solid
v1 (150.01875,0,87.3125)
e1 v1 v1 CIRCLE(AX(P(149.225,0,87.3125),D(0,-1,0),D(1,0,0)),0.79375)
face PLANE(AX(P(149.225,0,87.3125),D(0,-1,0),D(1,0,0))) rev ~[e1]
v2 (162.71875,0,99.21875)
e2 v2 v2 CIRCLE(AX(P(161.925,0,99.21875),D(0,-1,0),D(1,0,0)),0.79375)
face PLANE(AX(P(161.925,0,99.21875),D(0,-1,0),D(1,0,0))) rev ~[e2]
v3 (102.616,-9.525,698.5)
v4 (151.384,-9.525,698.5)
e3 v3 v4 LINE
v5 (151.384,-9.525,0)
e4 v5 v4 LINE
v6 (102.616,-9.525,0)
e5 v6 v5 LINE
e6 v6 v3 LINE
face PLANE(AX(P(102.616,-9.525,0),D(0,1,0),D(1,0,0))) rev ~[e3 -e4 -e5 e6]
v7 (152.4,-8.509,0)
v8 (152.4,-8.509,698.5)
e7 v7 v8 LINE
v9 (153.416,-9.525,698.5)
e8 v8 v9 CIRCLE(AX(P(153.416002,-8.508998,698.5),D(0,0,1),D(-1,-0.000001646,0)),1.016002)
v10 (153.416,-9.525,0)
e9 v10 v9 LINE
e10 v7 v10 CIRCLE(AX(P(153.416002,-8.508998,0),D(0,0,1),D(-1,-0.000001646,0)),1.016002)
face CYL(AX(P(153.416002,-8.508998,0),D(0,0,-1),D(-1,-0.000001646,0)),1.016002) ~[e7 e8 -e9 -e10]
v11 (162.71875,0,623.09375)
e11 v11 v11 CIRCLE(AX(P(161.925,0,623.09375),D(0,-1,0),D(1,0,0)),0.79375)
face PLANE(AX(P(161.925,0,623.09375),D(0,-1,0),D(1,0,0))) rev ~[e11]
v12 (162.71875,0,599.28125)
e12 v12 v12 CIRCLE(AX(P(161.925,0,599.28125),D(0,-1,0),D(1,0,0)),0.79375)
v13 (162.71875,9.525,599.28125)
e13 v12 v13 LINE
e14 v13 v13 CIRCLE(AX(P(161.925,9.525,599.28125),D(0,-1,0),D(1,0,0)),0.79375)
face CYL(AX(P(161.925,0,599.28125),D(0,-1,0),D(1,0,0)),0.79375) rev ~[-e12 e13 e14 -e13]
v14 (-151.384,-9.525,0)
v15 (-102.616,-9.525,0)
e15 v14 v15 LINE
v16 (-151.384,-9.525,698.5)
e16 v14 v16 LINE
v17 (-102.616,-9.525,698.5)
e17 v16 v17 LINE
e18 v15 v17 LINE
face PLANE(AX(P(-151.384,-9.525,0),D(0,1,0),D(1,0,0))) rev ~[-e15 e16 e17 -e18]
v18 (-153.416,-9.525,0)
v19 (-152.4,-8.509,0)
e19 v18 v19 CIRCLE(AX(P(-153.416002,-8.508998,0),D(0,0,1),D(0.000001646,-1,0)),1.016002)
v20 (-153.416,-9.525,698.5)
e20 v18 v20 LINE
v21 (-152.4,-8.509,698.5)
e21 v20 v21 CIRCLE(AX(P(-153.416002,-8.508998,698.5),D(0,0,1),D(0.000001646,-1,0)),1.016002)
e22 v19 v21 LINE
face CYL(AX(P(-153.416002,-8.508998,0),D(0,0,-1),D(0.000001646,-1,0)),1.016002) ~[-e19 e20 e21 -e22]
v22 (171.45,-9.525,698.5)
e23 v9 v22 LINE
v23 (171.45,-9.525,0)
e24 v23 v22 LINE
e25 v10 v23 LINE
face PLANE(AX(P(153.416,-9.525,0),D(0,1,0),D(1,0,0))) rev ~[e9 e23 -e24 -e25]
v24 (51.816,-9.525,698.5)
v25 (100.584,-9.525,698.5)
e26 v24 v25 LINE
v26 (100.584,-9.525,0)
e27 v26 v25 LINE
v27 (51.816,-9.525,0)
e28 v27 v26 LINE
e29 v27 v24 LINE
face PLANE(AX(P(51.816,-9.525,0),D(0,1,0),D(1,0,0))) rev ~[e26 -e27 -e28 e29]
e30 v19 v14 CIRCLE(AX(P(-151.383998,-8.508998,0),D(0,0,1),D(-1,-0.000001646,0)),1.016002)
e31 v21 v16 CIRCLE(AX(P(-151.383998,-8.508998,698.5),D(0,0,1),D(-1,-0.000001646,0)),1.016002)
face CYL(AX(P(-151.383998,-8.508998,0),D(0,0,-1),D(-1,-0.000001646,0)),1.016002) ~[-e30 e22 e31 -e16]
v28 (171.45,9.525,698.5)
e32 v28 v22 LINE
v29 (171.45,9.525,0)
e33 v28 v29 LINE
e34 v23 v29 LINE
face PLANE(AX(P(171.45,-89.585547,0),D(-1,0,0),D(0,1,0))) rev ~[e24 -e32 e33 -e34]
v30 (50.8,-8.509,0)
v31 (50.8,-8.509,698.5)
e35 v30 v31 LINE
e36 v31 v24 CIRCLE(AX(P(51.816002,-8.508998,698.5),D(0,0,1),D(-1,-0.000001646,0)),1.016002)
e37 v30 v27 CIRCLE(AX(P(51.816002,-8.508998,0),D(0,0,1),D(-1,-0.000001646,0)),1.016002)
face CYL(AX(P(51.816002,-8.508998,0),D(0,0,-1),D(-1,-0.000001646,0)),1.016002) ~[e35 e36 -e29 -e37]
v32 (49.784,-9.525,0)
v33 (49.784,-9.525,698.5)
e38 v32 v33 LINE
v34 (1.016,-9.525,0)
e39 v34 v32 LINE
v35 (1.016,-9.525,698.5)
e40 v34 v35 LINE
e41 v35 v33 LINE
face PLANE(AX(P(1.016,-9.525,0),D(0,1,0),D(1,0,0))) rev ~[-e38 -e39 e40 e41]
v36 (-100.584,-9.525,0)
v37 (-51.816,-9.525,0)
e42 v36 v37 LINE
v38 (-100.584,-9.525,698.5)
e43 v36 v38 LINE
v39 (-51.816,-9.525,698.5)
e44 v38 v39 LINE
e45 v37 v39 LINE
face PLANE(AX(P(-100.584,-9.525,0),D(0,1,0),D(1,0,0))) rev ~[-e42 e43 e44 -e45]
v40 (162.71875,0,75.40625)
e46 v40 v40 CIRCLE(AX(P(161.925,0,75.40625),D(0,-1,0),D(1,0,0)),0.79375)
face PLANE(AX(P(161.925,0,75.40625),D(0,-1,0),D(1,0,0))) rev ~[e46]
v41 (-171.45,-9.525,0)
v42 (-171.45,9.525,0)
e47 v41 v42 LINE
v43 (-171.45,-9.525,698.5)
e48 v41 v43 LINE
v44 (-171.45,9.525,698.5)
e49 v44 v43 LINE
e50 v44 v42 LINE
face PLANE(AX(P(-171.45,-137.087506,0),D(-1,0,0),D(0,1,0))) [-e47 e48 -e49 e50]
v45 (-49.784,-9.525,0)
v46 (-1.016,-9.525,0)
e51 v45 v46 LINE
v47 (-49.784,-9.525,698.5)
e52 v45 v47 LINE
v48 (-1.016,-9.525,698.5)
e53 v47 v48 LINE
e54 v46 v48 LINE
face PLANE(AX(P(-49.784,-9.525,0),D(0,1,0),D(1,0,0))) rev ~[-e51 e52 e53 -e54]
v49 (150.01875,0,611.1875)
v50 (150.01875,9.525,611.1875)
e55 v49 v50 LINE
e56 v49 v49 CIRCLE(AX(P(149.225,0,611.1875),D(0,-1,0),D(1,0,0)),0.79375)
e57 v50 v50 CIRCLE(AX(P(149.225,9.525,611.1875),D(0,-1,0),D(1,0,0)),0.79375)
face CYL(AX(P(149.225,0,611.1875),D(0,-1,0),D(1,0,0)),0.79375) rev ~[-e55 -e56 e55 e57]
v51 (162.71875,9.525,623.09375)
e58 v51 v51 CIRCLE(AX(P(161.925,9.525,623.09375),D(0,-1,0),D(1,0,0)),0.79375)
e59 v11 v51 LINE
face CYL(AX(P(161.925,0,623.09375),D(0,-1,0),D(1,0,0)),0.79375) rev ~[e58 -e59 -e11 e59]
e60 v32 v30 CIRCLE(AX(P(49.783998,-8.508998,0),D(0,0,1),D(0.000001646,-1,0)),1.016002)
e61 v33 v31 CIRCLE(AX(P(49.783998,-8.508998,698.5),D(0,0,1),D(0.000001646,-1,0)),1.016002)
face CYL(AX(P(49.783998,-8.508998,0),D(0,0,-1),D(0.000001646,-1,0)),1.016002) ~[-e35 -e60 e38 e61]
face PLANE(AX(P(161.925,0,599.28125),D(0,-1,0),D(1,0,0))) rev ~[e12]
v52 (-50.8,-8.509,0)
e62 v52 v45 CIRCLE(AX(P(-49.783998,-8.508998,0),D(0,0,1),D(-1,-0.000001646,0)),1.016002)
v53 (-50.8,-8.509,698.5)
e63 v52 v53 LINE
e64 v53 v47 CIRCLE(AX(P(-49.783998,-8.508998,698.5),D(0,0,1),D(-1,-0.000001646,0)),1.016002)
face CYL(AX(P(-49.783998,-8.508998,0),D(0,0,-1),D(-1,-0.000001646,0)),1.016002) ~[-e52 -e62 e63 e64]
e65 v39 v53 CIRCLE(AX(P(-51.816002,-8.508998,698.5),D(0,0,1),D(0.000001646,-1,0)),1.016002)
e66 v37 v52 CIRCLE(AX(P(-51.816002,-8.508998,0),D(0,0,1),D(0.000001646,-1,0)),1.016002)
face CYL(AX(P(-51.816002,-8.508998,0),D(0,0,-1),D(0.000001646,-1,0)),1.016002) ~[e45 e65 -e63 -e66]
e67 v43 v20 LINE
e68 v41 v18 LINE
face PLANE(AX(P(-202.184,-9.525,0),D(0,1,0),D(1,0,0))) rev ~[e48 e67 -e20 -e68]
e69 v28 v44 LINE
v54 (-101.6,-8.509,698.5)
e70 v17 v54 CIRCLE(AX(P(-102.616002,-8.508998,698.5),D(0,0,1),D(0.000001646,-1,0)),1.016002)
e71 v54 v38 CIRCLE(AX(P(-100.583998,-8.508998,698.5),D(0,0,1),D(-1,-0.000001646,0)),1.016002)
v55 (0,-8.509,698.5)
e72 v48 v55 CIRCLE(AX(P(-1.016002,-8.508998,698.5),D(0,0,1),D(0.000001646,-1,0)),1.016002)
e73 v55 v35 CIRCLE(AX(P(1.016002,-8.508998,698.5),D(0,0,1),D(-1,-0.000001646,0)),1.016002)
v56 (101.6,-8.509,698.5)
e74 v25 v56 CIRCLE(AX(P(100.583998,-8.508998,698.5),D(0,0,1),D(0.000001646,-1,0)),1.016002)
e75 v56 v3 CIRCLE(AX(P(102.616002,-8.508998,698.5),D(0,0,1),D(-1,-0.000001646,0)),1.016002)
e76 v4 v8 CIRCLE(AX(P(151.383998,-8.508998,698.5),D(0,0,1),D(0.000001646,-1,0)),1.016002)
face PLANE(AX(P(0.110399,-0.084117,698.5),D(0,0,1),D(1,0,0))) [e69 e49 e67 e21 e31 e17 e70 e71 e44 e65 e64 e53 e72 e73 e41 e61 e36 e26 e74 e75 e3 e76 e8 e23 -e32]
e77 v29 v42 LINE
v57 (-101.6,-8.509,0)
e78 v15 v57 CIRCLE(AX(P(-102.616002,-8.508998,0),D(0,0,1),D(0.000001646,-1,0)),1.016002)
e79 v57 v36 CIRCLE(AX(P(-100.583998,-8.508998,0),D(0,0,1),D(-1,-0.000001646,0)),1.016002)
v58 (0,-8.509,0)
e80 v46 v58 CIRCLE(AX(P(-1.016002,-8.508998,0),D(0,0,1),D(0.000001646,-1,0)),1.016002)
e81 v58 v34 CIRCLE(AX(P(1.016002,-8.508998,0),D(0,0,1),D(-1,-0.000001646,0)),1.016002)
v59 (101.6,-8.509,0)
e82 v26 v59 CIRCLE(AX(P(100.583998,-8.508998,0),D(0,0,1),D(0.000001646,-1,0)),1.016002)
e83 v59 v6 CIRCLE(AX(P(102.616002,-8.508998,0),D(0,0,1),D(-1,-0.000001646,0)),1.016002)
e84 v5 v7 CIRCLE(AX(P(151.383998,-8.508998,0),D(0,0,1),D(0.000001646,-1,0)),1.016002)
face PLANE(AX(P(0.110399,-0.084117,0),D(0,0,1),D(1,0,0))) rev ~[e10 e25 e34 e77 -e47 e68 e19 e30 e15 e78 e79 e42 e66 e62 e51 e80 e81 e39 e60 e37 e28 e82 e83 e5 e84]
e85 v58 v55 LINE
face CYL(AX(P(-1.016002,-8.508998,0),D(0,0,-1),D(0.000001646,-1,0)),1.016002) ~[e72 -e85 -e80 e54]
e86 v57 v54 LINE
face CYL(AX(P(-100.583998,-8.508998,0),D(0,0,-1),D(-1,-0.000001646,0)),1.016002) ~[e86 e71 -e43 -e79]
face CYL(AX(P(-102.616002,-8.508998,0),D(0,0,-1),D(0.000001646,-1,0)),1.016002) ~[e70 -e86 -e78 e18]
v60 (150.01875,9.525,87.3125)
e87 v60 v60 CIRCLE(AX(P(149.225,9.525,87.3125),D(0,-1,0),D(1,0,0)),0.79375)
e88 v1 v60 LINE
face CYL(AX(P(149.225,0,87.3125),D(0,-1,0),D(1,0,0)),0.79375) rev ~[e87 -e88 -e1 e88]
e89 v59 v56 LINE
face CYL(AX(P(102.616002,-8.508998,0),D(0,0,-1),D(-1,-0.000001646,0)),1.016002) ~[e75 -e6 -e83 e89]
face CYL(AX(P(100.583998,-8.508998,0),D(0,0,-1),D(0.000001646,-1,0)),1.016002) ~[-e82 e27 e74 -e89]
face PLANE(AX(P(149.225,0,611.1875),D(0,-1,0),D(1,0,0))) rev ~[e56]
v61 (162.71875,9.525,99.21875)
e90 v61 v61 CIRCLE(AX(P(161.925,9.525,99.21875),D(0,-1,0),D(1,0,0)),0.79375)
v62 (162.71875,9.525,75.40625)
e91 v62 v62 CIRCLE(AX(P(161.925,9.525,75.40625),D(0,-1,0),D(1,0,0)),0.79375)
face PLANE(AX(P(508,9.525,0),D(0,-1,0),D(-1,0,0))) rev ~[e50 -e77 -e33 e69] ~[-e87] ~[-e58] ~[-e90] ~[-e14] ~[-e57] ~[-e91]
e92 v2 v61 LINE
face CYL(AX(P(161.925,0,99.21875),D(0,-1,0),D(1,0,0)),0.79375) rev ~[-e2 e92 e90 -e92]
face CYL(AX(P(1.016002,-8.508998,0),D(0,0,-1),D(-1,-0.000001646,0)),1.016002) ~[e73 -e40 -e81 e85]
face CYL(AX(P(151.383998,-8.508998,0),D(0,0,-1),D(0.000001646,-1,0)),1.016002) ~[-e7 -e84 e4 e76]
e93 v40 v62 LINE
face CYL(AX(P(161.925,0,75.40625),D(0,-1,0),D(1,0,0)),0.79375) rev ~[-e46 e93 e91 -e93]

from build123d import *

# Parameters (mm, degrees)
F1_DEPTH = 698.5
F2_W     = 508
F2_H     = 137.227848
F2_H_2   = 195.285798
F3_DEPTH = 1143
F4_R     = 0.79375
F5_DEPTH = 25.4


with BuildPart() as f1:
    # F0 (on Top) → F1 (new body)
    with BuildSketch(Plane.XY):
        with BuildLine():
            Line((458.216, -9.525), (508, -9.525))
            Line((508, -9.525), (508, 9.525))
            Line((508, 9.525), (-508, 9.525))
            Line((-508, 9.525), (-508, -8.509))
            ThreePointArc((-508, -8.509), (-507.70242, -9.22742), (-506.984, -9.525))
            Line((-506.984, -9.525), (-458.216, -9.525))
            ThreePointArc((-458.216, -9.525), (-457.49758, -9.22742), (-457.2, -8.509))
            ThreePointArc((-457.2, -8.509), (-456.90242, -9.22742), (-456.184, -9.525))
            Line((-456.184, -9.525), (-407.416, -9.525))
            ThreePointArc((-407.416, -9.525), (-406.69758, -9.22742), (-406.4, -8.509))
            ThreePointArc((-406.4, -8.509), (-406.10242, -9.22742), (-405.384, -9.525))
            Line((-405.384, -9.525), (-356.616, -9.525))
            ThreePointArc((-356.616, -9.525), (-355.89758, -9.22742), (-355.6, -8.509))
            ThreePointArc((-355.6, -8.509), (-355.30242, -9.22742), (-354.584, -9.525))
            Line((-354.584, -9.525), (-305.816, -9.525))
            ThreePointArc((-305.816, -9.525), (-305.09758, -9.22742), (-304.8, -8.509))
            ThreePointArc((-304.8, -8.509), (-304.50242, -9.22742), (-303.784, -9.525))
            Line((-303.784, -9.525), (-255.016, -9.525))
            ThreePointArc((-255.016, -9.525), (-254.29758, -9.22742), (-254, -8.509))
            ThreePointArc((-254, -8.509), (-253.70242, -9.22742), (-252.984, -9.525))
            Line((-252.984, -9.525), (-204.216, -9.525))
            ThreePointArc((-204.216, -9.525), (-203.49758, -9.22742), (-203.2, -8.509))
            ThreePointArc((-203.2, -8.509), (-202.90242, -9.22742), (-202.184, -9.525))
            Line((-202.184, -9.525), (-153.416, -9.525))
            ThreePointArc((-153.416, -9.525), (-152.69758, -9.22742), (-152.4, -8.509))
            ThreePointArc((-152.4, -8.509), (-152.10242, -9.22742), (-151.384, -9.525))
            Line((-151.384, -9.525), (-102.616, -9.525))
            ThreePointArc((-102.616, -9.525), (-101.89758, -9.22742), (-101.6, -8.509))
            ThreePointArc((-101.6, -8.509), (-101.30242, -9.22742), (-100.584, -9.525))
            Line((-100.584, -9.525), (-51.816, -9.525))
            ThreePointArc((-51.816, -9.525), (-51.09758, -9.22742), (-50.8, -8.509))
            ThreePointArc((-50.8, -8.509), (-50.50242, -9.22742), (-49.784, -9.525))
            Line((-49.784, -9.525), (-1.016, -9.525))
            ThreePointArc((-1.016, -9.525), (-0.29758, -9.22742), (0, -8.509))
            ThreePointArc((0, -8.509), (0.29758, -9.22742), (1.016, -9.525))
            Line((1.016, -9.525), (49.784, -9.525))
            ThreePointArc((49.784, -9.525), (50.50242, -9.22742), (50.8, -8.509))
            ThreePointArc((50.8, -8.509), (51.09758, -9.22742), (51.816, -9.525))
            Line((51.816, -9.525), (100.584, -9.525))
            ThreePointArc((100.584, -9.525), (101.30242, -9.22742), (101.6, -8.509))
            ThreePointArc((101.6, -8.509), (101.89758, -9.22742), (102.616, -9.525))
            Line((102.616, -9.525), (151.384, -9.525))
            ThreePointArc((151.384, -9.525), (152.10242, -9.22742), (152.4, -8.509))
            ThreePointArc((152.4, -8.509), (152.69758, -9.22742), (153.416, -9.525))
            Line((153.416, -9.525), (202.184, -9.525))
            ThreePointArc((202.184, -9.525), (202.90242, -9.22742), (203.2, -8.509))
            ThreePointArc((203.2, -8.509), (203.49758, -9.22742), (204.216, -9.525))
            Line((204.216, -9.525), (252.984, -9.525))
            ThreePointArc((252.984, -9.525), (253.70242, -9.22742), (254, -8.509))
            ThreePointArc((254, -8.509), (254.29758, -9.22742), (255.016, -9.525))
            Line((255.016, -9.525), (303.784, -9.525))
            ThreePointArc((303.784, -9.525), (304.50242, -9.22742), (304.8, -8.509))
            ThreePointArc((304.8, -8.509), (305.09758, -9.22742), (305.816, -9.525))
            Line((305.816, -9.525), (354.584, -9.525))
            ThreePointArc((354.584, -9.525), (355.30242, -9.22742), (355.6, -8.509))
            ThreePointArc((355.6, -8.509), (355.89758, -9.22742), (356.616, -9.525))
            Line((356.616, -9.525), (405.384, -9.525))
            ThreePointArc((405.384, -9.525), (406.10242, -9.22742), (406.4, -8.509))
            ThreePointArc((406.4, -8.509), (406.69758, -9.22742), (407.416, -9.525))
            Line((407.416, -9.525), (456.184, -9.525))
            ThreePointArc((456.184, -9.525), (456.90242, -9.22742), (457.2, -8.509))
            ThreePointArc((457.2, -8.509), (457.49758, -9.22742), (458.216, -9.525))
        make_face()
        with BuildLine():
            ThreePointArc((-506.984, -9.525), (-507.70242, -9.22742), (-508, -8.509))
            Line((-508, -8.509), (-508, -9.525))
            Line((-508, -9.525), (-506.984, -9.525))
        make_face()
    extrude(amount=F1_DEPTH)

    # F2 (on Top) → F3 (cut)
    with BuildSketch(Plane.XY):
        with Locations((425.45, -20.971623)):
            Rectangle(F2_W, F2_H)
        with Locations((-425.45, -39.444607)):
            Rectangle(F2_W, F2_H_2)
    extrude(amount=F3_DEPTH, mode=Mode.SUBTRACT)

    # F4 (on Front) → F5 (cut)
    with BuildSketch(Plane.XZ):
        with Locations((161.925, 623.09375)):
            Circle(F4_R)
        with Locations((149.225, 611.1875)):
            Circle(F4_R)
        with Locations((161.925, 599.28125)):
            Circle(F4_R)
        with Locations((161.925, 99.21875)):
            Circle(F4_R)
        with Locations((149.225, 87.3125)):
            Circle(F4_R)
        with Locations((161.925, 75.40625)):
            Circle(F4_R)
    extrude(amount=-F5_DEPTH, mode=Mode.SUBTRACT)


solid = f1.part
